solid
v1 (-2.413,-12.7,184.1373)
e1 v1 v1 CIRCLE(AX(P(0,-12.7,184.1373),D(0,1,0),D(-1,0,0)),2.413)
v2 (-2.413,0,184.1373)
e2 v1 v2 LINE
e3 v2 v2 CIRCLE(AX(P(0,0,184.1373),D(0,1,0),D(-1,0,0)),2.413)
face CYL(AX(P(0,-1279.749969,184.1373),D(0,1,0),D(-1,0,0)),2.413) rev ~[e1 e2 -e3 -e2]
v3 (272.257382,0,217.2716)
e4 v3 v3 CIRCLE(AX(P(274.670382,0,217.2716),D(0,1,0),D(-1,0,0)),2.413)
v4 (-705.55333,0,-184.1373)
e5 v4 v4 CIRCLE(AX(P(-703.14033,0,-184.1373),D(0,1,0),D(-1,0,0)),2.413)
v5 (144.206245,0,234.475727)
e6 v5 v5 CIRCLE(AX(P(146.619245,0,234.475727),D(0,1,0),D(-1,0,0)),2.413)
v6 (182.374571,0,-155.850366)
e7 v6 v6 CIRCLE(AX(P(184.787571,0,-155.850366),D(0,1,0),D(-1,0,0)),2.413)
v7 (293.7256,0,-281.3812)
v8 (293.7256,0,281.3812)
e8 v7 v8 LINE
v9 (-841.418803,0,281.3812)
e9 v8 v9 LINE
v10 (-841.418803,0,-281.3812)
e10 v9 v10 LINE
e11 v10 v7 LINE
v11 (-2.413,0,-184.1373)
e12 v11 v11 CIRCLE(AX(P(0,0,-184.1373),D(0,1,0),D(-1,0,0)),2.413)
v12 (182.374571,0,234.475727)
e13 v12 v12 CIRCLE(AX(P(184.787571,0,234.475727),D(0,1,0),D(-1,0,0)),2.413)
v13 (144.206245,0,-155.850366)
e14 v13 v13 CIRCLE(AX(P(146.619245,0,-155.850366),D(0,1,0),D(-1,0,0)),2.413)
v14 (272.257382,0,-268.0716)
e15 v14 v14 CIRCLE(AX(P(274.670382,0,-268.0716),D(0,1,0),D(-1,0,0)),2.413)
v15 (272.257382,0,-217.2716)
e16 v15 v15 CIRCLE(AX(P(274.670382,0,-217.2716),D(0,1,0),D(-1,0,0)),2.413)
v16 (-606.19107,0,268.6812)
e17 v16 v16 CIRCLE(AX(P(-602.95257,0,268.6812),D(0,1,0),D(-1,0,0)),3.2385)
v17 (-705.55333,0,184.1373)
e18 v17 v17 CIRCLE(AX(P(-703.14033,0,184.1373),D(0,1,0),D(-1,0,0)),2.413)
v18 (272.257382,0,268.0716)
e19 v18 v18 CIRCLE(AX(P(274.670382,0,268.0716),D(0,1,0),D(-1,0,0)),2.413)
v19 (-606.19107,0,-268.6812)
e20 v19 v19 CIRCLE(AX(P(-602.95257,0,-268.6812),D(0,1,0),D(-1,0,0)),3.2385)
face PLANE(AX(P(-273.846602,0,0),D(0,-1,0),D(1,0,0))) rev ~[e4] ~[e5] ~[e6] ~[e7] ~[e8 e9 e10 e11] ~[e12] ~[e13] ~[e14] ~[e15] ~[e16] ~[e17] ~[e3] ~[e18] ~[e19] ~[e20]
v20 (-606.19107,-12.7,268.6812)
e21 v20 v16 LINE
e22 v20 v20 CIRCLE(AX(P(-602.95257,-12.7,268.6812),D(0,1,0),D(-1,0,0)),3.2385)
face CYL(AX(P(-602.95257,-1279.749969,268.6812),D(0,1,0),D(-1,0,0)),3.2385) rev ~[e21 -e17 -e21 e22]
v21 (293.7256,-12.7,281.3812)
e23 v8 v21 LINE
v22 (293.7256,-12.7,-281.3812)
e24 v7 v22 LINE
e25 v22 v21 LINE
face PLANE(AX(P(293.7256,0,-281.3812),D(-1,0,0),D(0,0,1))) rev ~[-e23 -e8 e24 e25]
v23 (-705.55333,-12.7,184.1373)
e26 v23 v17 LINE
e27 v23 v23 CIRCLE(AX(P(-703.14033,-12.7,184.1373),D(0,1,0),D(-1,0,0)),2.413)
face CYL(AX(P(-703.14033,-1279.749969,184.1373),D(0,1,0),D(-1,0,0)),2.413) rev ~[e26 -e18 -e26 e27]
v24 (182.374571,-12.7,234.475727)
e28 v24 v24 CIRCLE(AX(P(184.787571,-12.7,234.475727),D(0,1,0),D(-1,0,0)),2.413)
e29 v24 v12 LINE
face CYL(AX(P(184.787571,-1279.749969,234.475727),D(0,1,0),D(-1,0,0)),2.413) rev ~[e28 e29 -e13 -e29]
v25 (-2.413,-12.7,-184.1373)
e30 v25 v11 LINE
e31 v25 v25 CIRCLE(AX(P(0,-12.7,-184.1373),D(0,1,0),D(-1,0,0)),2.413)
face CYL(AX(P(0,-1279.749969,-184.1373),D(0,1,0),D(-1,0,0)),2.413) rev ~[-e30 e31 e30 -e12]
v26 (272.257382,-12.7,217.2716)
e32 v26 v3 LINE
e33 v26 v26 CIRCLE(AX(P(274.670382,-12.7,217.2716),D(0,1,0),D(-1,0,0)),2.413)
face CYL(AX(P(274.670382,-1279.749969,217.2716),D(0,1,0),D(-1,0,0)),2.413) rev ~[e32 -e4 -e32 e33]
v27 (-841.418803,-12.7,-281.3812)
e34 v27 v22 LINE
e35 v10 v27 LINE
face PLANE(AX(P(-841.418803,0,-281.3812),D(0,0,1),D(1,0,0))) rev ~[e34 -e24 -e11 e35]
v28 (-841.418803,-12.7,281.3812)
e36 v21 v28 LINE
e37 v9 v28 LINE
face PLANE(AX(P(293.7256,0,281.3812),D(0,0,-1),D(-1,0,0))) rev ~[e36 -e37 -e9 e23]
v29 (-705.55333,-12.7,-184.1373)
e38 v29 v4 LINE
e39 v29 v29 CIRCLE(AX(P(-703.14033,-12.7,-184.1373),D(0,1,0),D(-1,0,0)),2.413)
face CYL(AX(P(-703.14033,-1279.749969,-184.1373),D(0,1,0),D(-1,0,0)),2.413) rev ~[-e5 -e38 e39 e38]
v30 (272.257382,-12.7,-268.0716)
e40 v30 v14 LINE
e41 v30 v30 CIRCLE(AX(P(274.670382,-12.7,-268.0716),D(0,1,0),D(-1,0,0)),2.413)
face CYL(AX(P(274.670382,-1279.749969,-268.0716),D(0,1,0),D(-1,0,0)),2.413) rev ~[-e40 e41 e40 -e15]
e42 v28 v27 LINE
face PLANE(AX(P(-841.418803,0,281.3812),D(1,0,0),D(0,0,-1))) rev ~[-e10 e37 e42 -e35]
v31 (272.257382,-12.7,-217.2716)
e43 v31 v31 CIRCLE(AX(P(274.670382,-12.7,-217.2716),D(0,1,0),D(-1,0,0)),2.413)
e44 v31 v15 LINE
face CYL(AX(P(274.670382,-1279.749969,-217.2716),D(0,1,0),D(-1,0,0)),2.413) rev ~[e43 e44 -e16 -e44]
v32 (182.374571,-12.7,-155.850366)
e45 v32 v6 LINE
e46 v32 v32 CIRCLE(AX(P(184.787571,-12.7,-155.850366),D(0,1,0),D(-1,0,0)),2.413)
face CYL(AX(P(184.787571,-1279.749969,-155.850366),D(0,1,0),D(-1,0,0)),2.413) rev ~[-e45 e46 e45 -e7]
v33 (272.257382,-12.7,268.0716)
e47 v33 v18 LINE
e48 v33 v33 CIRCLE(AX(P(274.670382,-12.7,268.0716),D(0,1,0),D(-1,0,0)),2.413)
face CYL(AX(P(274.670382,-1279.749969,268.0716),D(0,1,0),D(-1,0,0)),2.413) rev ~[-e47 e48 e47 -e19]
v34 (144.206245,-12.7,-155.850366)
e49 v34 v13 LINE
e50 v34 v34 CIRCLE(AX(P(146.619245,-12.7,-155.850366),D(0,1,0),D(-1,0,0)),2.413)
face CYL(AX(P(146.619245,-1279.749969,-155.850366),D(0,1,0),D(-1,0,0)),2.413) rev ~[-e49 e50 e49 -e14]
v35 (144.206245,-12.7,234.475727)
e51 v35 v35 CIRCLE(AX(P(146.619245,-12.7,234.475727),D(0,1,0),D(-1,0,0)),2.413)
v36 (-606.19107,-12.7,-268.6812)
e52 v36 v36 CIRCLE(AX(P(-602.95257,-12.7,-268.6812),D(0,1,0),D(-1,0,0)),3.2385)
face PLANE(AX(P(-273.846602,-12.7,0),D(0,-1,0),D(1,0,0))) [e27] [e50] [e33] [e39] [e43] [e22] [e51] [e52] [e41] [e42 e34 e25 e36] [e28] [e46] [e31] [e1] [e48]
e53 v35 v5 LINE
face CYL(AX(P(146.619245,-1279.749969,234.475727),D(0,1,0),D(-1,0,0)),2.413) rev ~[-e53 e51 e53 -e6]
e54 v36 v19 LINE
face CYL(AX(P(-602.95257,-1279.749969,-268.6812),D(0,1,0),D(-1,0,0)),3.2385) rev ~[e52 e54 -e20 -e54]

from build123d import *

# Parameters (mm, degrees)
F1_DEPTH = 12.7
F3_D     = 4.826
F5_D     = 6.477
F7_D     = 4.826


with BuildPart() as f1:
    # F0 (on Front) → F1 (new body)
    with BuildSketch(Plane.XZ):
        Polygon((293.7256, -281.3812), (293.7256, 281.3812), (-381, 281.3812), (-736.6, 281.3812), (-780.238727, 281.3812), (-802.05809, 281.3812), (-803.32809, 281.3812), (-841.418803, 281.3812), (-841.418803, -281.3812), (-803.32809, -281.3812), (-802.05809, -281.3812), (-780.238727, -281.3812), (-736.6, -281.3812), (-381, -281.3812), align=None)
    extrude(amount=F1_DEPTH)

    # F3 (through all)
    with Locations(Plane.XZ.offset(12.7)):
        with Locations((184.787571, 234.475727), (146.619245, 234.475727), (184.787571, -155.850366), (146.619245, -155.850366), (274.670382, -268.0716), (274.670382, 268.0716), (274.670382, 217.2716), (274.670382, -217.2716)):
            Hole(F3_D / 2)

    # F5 (through all)
    with Locations(Plane.XZ.offset(12.7)):
        with Locations((-602.95257, -268.6812), (-602.95257, 268.6812)):
            Hole(F5_D / 2)

    # F7 (through all)
    with Locations(Plane.XZ.offset(12.7)):
        with Locations((-703.14033, 184.1373), (-703.14033, -184.1373), (0, 184.1373), (0, -184.1373)):
            Hole(F7_D / 2)


solid = f1.part
